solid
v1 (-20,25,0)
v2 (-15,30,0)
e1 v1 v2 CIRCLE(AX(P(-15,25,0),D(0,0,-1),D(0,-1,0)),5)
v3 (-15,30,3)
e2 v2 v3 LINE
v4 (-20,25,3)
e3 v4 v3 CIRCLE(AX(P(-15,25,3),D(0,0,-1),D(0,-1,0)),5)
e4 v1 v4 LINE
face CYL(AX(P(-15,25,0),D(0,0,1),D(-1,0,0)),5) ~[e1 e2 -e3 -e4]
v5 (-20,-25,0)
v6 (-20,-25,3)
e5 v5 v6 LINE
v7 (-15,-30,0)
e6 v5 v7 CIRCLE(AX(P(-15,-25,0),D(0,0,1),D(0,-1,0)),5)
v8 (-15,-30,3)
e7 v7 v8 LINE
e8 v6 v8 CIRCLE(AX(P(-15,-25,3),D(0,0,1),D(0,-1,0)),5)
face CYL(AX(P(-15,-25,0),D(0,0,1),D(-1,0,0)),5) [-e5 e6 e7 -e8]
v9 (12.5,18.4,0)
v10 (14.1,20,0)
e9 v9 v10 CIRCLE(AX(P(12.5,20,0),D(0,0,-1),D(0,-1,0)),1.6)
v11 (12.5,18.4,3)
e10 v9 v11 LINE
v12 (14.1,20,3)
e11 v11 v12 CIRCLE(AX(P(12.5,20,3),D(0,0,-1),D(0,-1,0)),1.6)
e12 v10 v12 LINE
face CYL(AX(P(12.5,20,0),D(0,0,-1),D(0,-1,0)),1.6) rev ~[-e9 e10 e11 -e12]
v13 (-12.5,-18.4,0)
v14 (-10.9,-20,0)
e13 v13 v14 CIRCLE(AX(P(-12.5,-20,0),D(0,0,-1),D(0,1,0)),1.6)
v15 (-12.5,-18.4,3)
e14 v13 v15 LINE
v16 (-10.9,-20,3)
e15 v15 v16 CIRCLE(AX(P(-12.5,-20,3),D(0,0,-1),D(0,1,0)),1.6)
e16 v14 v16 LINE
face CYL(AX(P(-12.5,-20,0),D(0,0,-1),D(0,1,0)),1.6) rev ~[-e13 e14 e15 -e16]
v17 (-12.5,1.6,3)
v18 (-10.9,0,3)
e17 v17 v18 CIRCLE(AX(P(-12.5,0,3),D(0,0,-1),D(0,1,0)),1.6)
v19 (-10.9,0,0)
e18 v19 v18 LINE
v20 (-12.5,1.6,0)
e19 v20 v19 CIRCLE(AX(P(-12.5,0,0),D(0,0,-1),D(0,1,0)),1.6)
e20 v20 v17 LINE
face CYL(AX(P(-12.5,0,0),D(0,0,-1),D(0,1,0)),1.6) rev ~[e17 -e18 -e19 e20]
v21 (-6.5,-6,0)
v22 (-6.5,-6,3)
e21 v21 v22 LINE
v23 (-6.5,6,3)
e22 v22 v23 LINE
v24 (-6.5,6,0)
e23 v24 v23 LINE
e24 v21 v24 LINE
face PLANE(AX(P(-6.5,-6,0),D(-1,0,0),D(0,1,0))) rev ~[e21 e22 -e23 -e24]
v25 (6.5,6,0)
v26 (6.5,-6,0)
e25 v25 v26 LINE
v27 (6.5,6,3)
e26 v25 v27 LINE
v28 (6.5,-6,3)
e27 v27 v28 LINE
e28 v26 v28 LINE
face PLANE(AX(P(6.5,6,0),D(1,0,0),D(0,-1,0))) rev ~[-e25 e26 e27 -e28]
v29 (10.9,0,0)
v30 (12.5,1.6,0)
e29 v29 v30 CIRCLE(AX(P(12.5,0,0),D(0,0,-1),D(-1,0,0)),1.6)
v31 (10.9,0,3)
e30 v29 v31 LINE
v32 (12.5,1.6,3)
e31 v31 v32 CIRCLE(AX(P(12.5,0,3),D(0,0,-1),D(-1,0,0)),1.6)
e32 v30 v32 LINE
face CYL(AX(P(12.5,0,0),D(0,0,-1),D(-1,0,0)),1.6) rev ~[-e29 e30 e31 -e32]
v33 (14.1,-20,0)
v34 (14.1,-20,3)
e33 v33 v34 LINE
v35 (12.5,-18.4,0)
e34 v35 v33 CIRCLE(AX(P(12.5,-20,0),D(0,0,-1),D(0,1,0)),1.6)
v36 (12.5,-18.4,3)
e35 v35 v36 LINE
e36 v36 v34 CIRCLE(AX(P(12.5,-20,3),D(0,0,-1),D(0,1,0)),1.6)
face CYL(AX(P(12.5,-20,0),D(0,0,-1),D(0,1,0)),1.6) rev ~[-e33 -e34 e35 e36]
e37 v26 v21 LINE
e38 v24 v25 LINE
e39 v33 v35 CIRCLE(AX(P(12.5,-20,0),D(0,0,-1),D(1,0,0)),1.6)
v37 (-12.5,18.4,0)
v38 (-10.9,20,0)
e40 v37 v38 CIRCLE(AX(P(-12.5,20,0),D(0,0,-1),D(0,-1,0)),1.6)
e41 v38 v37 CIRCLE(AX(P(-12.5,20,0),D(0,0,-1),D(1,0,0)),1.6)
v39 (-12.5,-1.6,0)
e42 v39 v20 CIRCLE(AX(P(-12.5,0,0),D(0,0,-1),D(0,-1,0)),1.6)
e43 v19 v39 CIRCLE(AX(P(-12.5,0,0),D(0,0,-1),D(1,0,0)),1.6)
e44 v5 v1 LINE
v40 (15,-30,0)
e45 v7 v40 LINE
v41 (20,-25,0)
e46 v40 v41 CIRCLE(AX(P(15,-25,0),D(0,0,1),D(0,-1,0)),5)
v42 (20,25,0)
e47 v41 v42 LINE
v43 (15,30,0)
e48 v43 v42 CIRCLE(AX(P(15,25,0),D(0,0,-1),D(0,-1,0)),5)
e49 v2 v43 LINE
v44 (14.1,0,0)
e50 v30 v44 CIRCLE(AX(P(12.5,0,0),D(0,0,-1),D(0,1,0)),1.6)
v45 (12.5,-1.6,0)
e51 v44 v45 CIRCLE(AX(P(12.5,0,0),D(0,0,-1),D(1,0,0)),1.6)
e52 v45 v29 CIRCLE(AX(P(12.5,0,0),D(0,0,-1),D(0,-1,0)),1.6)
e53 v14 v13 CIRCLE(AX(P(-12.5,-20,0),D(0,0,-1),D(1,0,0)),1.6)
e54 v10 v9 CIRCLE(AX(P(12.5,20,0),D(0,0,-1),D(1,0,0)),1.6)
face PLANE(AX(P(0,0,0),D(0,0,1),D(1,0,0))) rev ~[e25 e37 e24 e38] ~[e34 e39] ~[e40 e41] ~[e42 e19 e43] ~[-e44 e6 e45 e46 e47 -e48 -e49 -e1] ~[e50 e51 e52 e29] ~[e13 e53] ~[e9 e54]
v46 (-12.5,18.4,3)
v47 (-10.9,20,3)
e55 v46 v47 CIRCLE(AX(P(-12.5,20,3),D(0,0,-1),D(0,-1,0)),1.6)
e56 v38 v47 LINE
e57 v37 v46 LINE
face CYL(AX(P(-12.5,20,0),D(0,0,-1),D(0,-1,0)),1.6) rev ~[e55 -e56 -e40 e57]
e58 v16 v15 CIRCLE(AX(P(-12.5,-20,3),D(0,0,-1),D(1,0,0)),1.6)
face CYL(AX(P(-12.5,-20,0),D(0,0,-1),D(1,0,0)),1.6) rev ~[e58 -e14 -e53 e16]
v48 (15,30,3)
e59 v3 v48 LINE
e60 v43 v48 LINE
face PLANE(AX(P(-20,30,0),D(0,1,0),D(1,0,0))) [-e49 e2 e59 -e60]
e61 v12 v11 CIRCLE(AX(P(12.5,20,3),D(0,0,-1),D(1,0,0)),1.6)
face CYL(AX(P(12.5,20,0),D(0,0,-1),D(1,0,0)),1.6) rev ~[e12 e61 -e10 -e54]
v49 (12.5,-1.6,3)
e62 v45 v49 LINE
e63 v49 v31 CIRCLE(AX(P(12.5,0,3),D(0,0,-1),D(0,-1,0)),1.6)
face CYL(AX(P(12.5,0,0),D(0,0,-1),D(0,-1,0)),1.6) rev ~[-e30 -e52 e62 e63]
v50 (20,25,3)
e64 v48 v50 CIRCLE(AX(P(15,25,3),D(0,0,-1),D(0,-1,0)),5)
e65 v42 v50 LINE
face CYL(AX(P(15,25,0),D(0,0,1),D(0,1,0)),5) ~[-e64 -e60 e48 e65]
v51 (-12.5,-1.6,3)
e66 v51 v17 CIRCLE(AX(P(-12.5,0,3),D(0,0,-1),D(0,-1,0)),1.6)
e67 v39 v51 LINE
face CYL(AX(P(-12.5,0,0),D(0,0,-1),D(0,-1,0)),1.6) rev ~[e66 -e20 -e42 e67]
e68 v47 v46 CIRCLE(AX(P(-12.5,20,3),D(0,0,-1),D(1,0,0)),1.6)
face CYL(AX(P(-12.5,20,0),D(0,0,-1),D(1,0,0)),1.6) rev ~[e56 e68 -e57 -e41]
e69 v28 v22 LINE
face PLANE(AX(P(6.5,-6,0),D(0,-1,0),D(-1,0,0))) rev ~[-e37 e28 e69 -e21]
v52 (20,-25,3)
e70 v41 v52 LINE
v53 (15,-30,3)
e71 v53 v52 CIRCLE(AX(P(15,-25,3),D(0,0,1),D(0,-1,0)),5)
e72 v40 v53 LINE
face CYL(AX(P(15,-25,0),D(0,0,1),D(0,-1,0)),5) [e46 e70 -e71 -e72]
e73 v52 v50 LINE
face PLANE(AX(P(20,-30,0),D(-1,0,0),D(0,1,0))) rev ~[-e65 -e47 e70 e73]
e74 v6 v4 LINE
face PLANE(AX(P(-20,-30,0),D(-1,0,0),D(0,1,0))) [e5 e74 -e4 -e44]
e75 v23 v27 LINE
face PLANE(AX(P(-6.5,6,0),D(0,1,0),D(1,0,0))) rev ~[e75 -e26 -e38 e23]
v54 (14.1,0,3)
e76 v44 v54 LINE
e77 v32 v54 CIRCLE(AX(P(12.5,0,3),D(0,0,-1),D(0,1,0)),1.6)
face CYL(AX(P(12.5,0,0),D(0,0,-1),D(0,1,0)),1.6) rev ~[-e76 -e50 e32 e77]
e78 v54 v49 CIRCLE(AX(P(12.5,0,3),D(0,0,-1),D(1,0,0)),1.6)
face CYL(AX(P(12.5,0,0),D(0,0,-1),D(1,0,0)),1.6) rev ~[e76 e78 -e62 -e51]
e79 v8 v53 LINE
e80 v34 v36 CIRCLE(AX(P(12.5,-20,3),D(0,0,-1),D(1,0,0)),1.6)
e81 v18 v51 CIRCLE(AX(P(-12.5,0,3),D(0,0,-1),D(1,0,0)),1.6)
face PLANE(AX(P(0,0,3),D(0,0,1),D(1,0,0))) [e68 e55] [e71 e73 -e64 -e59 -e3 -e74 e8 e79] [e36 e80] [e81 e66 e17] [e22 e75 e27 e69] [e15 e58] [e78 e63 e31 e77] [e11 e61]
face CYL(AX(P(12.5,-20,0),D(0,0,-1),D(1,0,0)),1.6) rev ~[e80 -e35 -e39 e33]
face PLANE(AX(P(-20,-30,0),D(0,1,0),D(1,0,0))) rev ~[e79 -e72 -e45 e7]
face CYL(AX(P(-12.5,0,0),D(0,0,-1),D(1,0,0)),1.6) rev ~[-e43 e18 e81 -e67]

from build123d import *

# Parameters (mm, degrees)
F0_W     = 40
F0_H     = 60
F1_DEPTH = 3
F2_R     = 5


with BuildPart() as f1:
    # F0 (on Top) → F1 (new body)
    with BuildSketch(Plane.XY):
        Rectangle(F0_W, F0_H)
        with BuildLine():
            ThreePointArc((-10.9, -20), (-13.6313708499, -21.1313708499), (-12.5, -18.4))
            ThreePointArc((-12.5, -18.4), (-11.3686291501, -18.8686291501), (-10.9, -20))
        make_face(mode=Mode.SUBTRACT)
        with BuildLine():
            ThreePointArc((14.1, -20), (11.3686291501, -21.1313708499), (12.5, -18.4))
            ThreePointArc((12.5, -18.4), (13.6313708499, -18.8686291501), (14.1, -20))
        make_face(mode=Mode.SUBTRACT)
        with BuildLine():
            ThreePointArc((-12.5, 1.6), (-11.3686291501, 1.1313708499), (-10.9, 0))
            ThreePointArc((-10.9, 0), (-11.3686291501, -1.1313708499), (-12.5, -1.6))
            ThreePointArc((-12.5, -1.6), (-14.1, 0), (-12.5, 1.6))
        make_face(mode=Mode.SUBTRACT)
        with BuildLine():
            ThreePointArc((-10.9, 20), (-11.3686291501, 18.8686291501), (-12.5, 18.4))
            ThreePointArc((-12.5, 18.4), (-13.6313708499, 21.1313708499), (-10.9, 20))
        make_face(mode=Mode.SUBTRACT)
        Polygon((6.5, 6), (6.5, 0), (6.5, -6), (-6.5, -6), (-6.5, 0), (-6.5, 6), align=None, mode=Mode.SUBTRACT)
        with BuildLine():
            ThreePointArc((12.5, -1.6), (11.3686291501, -1.1313708499), (10.9, 0))
            ThreePointArc((10.9, 0), (11.3686291501, 1.1313708499), (12.5, 1.6))
            ThreePointArc((12.5, 1.6), (13.6313708499, 1.1313708499), (14.1, 0))
            ThreePointArc((14.1, 0), (13.6313708499, -1.1313708499), (12.5, -1.6))
        make_face(mode=Mode.SUBTRACT)
        with BuildLine():
            ThreePointArc((14.1, 20), (13.6313708499, 18.8686291501), (12.5, 18.4))
            ThreePointArc((12.5, 18.4), (11.3686291501, 21.1313708499), (14.1, 20))
        make_face(mode=Mode.SUBTRACT)
    extrude(amount=F1_DEPTH)

    # F2
    f2_edges = [f1.edges().sort_by_distance(p)[0] for p in [
        (20, -30, 1.5),
        (20, 30, 1.5),
        (-20, -30, 1.5),
        (-20, 30, 1.5),
    ]]
    fillet(f2_edges, radius=F2_R)


solid = f1.part
